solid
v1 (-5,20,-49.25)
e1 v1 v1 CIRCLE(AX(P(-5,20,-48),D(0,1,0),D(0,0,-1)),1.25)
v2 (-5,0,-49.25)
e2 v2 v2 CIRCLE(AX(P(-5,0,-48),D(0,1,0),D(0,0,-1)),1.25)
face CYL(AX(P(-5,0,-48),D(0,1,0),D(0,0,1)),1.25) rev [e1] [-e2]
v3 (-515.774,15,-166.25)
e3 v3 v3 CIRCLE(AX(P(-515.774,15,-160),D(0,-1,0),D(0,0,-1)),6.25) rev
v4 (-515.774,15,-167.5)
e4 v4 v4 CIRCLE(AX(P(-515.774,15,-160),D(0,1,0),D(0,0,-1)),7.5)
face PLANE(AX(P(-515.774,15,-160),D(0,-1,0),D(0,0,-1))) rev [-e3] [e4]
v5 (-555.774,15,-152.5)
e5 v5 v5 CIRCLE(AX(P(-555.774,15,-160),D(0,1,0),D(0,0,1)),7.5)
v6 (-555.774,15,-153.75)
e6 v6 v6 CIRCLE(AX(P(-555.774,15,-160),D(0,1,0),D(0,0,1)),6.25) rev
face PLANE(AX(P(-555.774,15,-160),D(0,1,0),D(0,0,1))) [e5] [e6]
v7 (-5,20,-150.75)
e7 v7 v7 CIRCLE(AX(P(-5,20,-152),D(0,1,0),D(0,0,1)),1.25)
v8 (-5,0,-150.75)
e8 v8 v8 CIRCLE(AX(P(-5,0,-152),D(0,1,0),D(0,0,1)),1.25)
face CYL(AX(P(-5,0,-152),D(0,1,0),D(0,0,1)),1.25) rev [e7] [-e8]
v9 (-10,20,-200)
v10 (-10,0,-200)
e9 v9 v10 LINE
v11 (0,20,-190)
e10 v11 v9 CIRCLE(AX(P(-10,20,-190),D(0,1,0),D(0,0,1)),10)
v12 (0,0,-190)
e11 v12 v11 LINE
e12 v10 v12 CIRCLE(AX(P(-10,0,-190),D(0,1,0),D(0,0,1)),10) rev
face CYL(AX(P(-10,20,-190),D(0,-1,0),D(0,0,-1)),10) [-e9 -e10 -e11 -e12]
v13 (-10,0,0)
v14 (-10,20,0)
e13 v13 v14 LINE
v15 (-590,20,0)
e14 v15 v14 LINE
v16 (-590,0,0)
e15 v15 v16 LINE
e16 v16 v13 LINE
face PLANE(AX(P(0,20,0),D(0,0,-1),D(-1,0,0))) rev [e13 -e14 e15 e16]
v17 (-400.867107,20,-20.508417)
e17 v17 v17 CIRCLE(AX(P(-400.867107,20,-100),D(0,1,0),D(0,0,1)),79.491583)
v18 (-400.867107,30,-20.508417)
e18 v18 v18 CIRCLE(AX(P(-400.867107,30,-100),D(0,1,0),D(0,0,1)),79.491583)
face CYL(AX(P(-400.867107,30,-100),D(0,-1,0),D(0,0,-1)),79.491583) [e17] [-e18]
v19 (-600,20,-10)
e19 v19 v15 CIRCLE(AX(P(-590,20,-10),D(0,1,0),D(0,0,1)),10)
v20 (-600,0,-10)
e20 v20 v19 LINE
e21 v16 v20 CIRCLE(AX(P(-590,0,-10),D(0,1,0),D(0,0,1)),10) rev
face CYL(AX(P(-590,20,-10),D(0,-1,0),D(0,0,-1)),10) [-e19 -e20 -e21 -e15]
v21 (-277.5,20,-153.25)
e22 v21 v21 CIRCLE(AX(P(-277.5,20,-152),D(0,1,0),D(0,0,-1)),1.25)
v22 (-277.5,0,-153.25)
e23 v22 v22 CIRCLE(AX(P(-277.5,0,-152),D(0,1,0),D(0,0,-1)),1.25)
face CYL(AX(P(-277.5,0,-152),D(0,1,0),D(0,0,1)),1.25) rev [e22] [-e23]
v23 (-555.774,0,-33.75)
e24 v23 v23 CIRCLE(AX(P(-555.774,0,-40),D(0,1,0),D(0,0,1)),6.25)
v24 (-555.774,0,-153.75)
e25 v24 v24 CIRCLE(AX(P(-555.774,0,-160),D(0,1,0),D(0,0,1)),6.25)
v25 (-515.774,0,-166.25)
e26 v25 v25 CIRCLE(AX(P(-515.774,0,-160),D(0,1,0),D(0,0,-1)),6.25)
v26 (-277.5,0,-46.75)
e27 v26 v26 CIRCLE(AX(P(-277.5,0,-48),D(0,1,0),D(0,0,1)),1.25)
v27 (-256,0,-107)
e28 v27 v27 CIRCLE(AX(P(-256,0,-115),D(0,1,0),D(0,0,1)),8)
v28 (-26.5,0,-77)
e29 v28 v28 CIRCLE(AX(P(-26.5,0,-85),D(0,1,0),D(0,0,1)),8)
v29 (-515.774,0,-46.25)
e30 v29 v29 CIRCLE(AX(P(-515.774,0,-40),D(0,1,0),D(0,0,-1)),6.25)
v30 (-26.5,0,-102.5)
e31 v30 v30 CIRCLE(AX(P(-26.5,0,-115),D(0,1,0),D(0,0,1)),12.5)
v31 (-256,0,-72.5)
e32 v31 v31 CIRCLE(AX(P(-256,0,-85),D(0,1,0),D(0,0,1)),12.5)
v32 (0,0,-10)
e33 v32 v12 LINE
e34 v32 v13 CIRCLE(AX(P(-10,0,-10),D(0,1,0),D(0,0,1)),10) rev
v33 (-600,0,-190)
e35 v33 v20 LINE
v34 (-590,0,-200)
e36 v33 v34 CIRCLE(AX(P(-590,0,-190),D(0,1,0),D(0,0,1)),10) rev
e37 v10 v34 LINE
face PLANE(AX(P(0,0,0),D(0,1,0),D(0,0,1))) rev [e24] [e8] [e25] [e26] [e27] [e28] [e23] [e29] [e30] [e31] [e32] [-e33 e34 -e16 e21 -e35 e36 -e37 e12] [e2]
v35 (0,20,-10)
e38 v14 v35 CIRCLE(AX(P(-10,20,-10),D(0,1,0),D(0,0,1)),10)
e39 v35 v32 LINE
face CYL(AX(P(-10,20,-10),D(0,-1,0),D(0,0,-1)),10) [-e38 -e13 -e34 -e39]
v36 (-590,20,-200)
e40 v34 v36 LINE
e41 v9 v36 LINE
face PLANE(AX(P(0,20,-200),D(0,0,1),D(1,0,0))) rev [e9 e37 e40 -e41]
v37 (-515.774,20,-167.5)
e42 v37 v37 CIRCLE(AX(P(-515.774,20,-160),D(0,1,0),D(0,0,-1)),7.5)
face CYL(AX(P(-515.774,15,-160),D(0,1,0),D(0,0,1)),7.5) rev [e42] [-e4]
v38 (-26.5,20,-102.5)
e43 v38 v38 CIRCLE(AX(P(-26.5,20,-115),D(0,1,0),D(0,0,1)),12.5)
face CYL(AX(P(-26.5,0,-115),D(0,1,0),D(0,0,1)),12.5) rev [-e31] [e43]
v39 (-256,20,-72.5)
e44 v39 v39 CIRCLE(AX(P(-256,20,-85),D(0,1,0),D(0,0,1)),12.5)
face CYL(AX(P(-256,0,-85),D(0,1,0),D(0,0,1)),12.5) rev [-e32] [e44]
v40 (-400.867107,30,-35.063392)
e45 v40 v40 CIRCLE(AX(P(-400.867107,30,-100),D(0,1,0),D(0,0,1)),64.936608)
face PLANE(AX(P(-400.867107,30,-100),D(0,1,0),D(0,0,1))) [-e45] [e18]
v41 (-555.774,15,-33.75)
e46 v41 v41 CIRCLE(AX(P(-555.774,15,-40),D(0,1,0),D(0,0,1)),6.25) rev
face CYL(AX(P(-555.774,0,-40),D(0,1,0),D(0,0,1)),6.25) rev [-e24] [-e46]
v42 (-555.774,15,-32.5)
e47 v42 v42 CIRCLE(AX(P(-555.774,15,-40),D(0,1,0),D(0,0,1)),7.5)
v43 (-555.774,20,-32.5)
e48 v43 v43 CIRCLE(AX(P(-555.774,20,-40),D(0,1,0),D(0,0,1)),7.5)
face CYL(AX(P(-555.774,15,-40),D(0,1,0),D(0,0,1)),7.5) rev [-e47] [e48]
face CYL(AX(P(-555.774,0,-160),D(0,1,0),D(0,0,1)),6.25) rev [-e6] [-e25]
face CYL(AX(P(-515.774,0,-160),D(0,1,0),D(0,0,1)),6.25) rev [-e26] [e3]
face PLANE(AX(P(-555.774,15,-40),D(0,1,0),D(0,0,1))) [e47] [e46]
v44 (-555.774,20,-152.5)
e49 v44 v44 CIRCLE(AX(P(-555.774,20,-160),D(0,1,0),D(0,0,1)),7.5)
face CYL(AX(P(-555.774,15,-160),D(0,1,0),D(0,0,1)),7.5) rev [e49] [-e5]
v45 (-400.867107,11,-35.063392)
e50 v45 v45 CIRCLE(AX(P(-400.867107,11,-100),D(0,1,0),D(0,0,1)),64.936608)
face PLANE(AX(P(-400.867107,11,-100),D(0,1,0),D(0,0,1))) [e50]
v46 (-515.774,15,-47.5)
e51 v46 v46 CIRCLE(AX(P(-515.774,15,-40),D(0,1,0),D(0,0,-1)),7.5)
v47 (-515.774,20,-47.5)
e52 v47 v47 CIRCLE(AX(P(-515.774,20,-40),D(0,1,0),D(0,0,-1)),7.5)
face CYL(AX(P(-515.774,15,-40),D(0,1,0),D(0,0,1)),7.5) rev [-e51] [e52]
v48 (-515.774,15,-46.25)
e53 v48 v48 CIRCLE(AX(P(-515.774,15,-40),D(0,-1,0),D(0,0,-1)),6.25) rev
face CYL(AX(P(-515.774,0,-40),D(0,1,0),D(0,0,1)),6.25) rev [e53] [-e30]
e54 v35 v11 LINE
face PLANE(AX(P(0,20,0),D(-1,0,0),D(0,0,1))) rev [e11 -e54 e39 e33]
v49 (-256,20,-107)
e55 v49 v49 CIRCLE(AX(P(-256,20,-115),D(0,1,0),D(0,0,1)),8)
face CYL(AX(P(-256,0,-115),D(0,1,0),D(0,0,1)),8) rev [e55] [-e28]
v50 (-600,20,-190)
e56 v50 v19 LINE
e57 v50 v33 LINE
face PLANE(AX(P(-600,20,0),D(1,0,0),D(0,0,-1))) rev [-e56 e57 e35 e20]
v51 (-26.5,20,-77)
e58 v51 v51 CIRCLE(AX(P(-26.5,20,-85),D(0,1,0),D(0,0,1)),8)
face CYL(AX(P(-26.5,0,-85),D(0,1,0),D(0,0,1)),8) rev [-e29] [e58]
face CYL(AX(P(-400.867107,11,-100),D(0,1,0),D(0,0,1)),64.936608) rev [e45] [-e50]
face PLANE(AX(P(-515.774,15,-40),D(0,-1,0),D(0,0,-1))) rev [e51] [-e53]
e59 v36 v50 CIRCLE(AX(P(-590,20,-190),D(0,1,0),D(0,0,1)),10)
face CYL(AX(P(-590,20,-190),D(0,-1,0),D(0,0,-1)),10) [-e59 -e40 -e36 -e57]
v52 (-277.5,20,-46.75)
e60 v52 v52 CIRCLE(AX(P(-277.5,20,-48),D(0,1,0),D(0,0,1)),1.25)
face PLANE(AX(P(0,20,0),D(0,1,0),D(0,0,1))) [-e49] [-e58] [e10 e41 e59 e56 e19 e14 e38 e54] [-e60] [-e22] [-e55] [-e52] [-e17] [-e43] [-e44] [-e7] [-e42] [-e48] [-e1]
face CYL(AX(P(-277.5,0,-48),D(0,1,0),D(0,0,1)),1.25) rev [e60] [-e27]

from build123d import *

# Parameters (mm, degrees)
SKETCH1_W           = 600
SKETCH1_H           = 200
BOSS_EXTRUDE1_DEPTH = 20
SKETCH2_R           = 6.25
CUT_EXTRUDE1_DEPTH  = 633.771680782
SKETCH4_R           = 7.5
CUT_EXTRUDE2_DEPTH  = 5
SKETCH5_R           = 1.25
CUT_EXTRUDE3_DEPTH  = 633.771680782
FILLET1_R           = 10
SKETCH6_R           = 79.491583248
BOSS_EXTRUDE2_DEPTH = 10
SKETCH7_R           = 64.936608028
CUT_EXTRUDE4_DEPTH  = 19
SKETCH8_R           = 12.5
SKETCH8_R_2         = 8
CUT_EXTRUDE5_DEPTH  = 633.771680782


with BuildPart() as part:
    # Sketch1 → Boss-Extrude1 (new body)
    with BuildSketch(Plane(origin=(0, 0, 0), x_dir=(1, 0, 0), z_dir=(0, 1, 0))):
        with Locations((-300, 100)):
            Rectangle(SKETCH1_W, SKETCH1_H)
    extrude(amount=BOSS_EXTRUDE1_DEPTH)

    # Sketch2 → Cut-Extrude1 (cut, through all)
    with BuildSketch(Plane(origin=(0, 20, 0), x_dir=(1, 0, 0), z_dir=(0, 1, 0))):
        with Locations(Location((-555.774, 160, 0), (0, 0, 270))):
            Circle(SKETCH2_R)
        with Locations(Location((-555.774, 40, 0), (0, 0, 270))):
            Circle(SKETCH2_R)
        with Locations(Location((-515.774, 40, 0), (0, 0, 90))):
            Circle(SKETCH2_R)
        with Locations(Location((-515.774, 160, 0), (0, 0, 90))):
            Circle(SKETCH2_R)
    extrude(amount=-CUT_EXTRUDE1_DEPTH, mode=Mode.SUBTRACT)

    # Sketch4 → Cut-Extrude2 (cut)
    with BuildSketch(Plane(origin=(0, 20, 0), x_dir=(1, 0, 0), z_dir=(0, 1, 0))):
        with Locations(Location((-555.774, 160, 0), (0, 0, 270))):
            Circle(SKETCH4_R)
        with Locations(Location((-555.774, 40, 0), (0, 0, 270))):
            Circle(SKETCH4_R)
        with Locations(Location((-515.774, 40, 0), (0, 0, 90))):
            Circle(SKETCH4_R)
        with Locations(Location((-515.774, 160, 0), (0, 0, 90))):
            Circle(SKETCH4_R)
    extrude(amount=-CUT_EXTRUDE2_DEPTH, mode=Mode.SUBTRACT)

    # Sketch5 → Cut-Extrude3 (cut, through all)
    with BuildSketch(Plane(origin=(0, 20, 0), x_dir=(1, 0, 0), z_dir=(0, 1, 0))):
        with Locations(Location((-277.5, 48, 0), (0, 0, 270))):
            Circle(SKETCH5_R)
        with Locations(Location((-277.5, 152, 0), (0, 0, 90))):
            Circle(SKETCH5_R)
        with Locations(Location((-5, 48, 0), (0, 0, 90))):
            Circle(SKETCH5_R)
        with Locations(Location((-5, 152, 0), (0, 0, 270))):
            Circle(SKETCH5_R)
    extrude(amount=-CUT_EXTRUDE3_DEPTH, mode=Mode.SUBTRACT)

    # Fillet1
    fillet1_edges = [part.edges().sort_by_distance(p)[0] for p in [
        (0, 10, 0),
        (-600, 10, 0),
        (-600, 10, -200),
        (0, 10, -200),
    ]]
    fillet(fillet1_edges, radius=FILLET1_R)

    # Sketch6 → Boss-Extrude2 (add)
    with BuildSketch(Plane(origin=(0, 20, 0), x_dir=(1, 0, 0), z_dir=(0, 1, 0))):
        with Locations(Location((-400.867107023, 100, 0), (0, 0, 270))):
            Circle(SKETCH6_R)
    extrude(amount=BOSS_EXTRUDE2_DEPTH)

    # Sketch7 → Cut-Extrude4 (cut)
    with BuildSketch(Plane(origin=(0, 30, 0), x_dir=(1, 0, 0), z_dir=(0, 1, 0))):
        with Locations(Location((-400.867107023, 100, 0), (0, 0, 270))):
            Circle(SKETCH7_R)
    extrude(amount=-CUT_EXTRUDE4_DEPTH, mode=Mode.SUBTRACT)

    # Sketch8 → Cut-Extrude5 (cut, through all)
    with BuildSketch(Plane(origin=(0, 20, 0), x_dir=(1, 0, 0), z_dir=(0, 1, 0))):
        with Locations(Location((-26.5, 115, 0), (0, 0, 270))):
            Circle(SKETCH8_R)
        with Locations(Location((-26.5, 85, 0), (0, 0, 270))):
            Circle(SKETCH8_R_2)
        with Locations(Location((-256, 115, 0), (0, 0, 270))):
            Circle(SKETCH8_R_2)
        with Locations(Location((-256, 85, 0), (0, 0, 270))):
            Circle(SKETCH8_R)
    extrude(amount=-CUT_EXTRUDE5_DEPTH, mode=Mode.SUBTRACT)


solid = part.part
